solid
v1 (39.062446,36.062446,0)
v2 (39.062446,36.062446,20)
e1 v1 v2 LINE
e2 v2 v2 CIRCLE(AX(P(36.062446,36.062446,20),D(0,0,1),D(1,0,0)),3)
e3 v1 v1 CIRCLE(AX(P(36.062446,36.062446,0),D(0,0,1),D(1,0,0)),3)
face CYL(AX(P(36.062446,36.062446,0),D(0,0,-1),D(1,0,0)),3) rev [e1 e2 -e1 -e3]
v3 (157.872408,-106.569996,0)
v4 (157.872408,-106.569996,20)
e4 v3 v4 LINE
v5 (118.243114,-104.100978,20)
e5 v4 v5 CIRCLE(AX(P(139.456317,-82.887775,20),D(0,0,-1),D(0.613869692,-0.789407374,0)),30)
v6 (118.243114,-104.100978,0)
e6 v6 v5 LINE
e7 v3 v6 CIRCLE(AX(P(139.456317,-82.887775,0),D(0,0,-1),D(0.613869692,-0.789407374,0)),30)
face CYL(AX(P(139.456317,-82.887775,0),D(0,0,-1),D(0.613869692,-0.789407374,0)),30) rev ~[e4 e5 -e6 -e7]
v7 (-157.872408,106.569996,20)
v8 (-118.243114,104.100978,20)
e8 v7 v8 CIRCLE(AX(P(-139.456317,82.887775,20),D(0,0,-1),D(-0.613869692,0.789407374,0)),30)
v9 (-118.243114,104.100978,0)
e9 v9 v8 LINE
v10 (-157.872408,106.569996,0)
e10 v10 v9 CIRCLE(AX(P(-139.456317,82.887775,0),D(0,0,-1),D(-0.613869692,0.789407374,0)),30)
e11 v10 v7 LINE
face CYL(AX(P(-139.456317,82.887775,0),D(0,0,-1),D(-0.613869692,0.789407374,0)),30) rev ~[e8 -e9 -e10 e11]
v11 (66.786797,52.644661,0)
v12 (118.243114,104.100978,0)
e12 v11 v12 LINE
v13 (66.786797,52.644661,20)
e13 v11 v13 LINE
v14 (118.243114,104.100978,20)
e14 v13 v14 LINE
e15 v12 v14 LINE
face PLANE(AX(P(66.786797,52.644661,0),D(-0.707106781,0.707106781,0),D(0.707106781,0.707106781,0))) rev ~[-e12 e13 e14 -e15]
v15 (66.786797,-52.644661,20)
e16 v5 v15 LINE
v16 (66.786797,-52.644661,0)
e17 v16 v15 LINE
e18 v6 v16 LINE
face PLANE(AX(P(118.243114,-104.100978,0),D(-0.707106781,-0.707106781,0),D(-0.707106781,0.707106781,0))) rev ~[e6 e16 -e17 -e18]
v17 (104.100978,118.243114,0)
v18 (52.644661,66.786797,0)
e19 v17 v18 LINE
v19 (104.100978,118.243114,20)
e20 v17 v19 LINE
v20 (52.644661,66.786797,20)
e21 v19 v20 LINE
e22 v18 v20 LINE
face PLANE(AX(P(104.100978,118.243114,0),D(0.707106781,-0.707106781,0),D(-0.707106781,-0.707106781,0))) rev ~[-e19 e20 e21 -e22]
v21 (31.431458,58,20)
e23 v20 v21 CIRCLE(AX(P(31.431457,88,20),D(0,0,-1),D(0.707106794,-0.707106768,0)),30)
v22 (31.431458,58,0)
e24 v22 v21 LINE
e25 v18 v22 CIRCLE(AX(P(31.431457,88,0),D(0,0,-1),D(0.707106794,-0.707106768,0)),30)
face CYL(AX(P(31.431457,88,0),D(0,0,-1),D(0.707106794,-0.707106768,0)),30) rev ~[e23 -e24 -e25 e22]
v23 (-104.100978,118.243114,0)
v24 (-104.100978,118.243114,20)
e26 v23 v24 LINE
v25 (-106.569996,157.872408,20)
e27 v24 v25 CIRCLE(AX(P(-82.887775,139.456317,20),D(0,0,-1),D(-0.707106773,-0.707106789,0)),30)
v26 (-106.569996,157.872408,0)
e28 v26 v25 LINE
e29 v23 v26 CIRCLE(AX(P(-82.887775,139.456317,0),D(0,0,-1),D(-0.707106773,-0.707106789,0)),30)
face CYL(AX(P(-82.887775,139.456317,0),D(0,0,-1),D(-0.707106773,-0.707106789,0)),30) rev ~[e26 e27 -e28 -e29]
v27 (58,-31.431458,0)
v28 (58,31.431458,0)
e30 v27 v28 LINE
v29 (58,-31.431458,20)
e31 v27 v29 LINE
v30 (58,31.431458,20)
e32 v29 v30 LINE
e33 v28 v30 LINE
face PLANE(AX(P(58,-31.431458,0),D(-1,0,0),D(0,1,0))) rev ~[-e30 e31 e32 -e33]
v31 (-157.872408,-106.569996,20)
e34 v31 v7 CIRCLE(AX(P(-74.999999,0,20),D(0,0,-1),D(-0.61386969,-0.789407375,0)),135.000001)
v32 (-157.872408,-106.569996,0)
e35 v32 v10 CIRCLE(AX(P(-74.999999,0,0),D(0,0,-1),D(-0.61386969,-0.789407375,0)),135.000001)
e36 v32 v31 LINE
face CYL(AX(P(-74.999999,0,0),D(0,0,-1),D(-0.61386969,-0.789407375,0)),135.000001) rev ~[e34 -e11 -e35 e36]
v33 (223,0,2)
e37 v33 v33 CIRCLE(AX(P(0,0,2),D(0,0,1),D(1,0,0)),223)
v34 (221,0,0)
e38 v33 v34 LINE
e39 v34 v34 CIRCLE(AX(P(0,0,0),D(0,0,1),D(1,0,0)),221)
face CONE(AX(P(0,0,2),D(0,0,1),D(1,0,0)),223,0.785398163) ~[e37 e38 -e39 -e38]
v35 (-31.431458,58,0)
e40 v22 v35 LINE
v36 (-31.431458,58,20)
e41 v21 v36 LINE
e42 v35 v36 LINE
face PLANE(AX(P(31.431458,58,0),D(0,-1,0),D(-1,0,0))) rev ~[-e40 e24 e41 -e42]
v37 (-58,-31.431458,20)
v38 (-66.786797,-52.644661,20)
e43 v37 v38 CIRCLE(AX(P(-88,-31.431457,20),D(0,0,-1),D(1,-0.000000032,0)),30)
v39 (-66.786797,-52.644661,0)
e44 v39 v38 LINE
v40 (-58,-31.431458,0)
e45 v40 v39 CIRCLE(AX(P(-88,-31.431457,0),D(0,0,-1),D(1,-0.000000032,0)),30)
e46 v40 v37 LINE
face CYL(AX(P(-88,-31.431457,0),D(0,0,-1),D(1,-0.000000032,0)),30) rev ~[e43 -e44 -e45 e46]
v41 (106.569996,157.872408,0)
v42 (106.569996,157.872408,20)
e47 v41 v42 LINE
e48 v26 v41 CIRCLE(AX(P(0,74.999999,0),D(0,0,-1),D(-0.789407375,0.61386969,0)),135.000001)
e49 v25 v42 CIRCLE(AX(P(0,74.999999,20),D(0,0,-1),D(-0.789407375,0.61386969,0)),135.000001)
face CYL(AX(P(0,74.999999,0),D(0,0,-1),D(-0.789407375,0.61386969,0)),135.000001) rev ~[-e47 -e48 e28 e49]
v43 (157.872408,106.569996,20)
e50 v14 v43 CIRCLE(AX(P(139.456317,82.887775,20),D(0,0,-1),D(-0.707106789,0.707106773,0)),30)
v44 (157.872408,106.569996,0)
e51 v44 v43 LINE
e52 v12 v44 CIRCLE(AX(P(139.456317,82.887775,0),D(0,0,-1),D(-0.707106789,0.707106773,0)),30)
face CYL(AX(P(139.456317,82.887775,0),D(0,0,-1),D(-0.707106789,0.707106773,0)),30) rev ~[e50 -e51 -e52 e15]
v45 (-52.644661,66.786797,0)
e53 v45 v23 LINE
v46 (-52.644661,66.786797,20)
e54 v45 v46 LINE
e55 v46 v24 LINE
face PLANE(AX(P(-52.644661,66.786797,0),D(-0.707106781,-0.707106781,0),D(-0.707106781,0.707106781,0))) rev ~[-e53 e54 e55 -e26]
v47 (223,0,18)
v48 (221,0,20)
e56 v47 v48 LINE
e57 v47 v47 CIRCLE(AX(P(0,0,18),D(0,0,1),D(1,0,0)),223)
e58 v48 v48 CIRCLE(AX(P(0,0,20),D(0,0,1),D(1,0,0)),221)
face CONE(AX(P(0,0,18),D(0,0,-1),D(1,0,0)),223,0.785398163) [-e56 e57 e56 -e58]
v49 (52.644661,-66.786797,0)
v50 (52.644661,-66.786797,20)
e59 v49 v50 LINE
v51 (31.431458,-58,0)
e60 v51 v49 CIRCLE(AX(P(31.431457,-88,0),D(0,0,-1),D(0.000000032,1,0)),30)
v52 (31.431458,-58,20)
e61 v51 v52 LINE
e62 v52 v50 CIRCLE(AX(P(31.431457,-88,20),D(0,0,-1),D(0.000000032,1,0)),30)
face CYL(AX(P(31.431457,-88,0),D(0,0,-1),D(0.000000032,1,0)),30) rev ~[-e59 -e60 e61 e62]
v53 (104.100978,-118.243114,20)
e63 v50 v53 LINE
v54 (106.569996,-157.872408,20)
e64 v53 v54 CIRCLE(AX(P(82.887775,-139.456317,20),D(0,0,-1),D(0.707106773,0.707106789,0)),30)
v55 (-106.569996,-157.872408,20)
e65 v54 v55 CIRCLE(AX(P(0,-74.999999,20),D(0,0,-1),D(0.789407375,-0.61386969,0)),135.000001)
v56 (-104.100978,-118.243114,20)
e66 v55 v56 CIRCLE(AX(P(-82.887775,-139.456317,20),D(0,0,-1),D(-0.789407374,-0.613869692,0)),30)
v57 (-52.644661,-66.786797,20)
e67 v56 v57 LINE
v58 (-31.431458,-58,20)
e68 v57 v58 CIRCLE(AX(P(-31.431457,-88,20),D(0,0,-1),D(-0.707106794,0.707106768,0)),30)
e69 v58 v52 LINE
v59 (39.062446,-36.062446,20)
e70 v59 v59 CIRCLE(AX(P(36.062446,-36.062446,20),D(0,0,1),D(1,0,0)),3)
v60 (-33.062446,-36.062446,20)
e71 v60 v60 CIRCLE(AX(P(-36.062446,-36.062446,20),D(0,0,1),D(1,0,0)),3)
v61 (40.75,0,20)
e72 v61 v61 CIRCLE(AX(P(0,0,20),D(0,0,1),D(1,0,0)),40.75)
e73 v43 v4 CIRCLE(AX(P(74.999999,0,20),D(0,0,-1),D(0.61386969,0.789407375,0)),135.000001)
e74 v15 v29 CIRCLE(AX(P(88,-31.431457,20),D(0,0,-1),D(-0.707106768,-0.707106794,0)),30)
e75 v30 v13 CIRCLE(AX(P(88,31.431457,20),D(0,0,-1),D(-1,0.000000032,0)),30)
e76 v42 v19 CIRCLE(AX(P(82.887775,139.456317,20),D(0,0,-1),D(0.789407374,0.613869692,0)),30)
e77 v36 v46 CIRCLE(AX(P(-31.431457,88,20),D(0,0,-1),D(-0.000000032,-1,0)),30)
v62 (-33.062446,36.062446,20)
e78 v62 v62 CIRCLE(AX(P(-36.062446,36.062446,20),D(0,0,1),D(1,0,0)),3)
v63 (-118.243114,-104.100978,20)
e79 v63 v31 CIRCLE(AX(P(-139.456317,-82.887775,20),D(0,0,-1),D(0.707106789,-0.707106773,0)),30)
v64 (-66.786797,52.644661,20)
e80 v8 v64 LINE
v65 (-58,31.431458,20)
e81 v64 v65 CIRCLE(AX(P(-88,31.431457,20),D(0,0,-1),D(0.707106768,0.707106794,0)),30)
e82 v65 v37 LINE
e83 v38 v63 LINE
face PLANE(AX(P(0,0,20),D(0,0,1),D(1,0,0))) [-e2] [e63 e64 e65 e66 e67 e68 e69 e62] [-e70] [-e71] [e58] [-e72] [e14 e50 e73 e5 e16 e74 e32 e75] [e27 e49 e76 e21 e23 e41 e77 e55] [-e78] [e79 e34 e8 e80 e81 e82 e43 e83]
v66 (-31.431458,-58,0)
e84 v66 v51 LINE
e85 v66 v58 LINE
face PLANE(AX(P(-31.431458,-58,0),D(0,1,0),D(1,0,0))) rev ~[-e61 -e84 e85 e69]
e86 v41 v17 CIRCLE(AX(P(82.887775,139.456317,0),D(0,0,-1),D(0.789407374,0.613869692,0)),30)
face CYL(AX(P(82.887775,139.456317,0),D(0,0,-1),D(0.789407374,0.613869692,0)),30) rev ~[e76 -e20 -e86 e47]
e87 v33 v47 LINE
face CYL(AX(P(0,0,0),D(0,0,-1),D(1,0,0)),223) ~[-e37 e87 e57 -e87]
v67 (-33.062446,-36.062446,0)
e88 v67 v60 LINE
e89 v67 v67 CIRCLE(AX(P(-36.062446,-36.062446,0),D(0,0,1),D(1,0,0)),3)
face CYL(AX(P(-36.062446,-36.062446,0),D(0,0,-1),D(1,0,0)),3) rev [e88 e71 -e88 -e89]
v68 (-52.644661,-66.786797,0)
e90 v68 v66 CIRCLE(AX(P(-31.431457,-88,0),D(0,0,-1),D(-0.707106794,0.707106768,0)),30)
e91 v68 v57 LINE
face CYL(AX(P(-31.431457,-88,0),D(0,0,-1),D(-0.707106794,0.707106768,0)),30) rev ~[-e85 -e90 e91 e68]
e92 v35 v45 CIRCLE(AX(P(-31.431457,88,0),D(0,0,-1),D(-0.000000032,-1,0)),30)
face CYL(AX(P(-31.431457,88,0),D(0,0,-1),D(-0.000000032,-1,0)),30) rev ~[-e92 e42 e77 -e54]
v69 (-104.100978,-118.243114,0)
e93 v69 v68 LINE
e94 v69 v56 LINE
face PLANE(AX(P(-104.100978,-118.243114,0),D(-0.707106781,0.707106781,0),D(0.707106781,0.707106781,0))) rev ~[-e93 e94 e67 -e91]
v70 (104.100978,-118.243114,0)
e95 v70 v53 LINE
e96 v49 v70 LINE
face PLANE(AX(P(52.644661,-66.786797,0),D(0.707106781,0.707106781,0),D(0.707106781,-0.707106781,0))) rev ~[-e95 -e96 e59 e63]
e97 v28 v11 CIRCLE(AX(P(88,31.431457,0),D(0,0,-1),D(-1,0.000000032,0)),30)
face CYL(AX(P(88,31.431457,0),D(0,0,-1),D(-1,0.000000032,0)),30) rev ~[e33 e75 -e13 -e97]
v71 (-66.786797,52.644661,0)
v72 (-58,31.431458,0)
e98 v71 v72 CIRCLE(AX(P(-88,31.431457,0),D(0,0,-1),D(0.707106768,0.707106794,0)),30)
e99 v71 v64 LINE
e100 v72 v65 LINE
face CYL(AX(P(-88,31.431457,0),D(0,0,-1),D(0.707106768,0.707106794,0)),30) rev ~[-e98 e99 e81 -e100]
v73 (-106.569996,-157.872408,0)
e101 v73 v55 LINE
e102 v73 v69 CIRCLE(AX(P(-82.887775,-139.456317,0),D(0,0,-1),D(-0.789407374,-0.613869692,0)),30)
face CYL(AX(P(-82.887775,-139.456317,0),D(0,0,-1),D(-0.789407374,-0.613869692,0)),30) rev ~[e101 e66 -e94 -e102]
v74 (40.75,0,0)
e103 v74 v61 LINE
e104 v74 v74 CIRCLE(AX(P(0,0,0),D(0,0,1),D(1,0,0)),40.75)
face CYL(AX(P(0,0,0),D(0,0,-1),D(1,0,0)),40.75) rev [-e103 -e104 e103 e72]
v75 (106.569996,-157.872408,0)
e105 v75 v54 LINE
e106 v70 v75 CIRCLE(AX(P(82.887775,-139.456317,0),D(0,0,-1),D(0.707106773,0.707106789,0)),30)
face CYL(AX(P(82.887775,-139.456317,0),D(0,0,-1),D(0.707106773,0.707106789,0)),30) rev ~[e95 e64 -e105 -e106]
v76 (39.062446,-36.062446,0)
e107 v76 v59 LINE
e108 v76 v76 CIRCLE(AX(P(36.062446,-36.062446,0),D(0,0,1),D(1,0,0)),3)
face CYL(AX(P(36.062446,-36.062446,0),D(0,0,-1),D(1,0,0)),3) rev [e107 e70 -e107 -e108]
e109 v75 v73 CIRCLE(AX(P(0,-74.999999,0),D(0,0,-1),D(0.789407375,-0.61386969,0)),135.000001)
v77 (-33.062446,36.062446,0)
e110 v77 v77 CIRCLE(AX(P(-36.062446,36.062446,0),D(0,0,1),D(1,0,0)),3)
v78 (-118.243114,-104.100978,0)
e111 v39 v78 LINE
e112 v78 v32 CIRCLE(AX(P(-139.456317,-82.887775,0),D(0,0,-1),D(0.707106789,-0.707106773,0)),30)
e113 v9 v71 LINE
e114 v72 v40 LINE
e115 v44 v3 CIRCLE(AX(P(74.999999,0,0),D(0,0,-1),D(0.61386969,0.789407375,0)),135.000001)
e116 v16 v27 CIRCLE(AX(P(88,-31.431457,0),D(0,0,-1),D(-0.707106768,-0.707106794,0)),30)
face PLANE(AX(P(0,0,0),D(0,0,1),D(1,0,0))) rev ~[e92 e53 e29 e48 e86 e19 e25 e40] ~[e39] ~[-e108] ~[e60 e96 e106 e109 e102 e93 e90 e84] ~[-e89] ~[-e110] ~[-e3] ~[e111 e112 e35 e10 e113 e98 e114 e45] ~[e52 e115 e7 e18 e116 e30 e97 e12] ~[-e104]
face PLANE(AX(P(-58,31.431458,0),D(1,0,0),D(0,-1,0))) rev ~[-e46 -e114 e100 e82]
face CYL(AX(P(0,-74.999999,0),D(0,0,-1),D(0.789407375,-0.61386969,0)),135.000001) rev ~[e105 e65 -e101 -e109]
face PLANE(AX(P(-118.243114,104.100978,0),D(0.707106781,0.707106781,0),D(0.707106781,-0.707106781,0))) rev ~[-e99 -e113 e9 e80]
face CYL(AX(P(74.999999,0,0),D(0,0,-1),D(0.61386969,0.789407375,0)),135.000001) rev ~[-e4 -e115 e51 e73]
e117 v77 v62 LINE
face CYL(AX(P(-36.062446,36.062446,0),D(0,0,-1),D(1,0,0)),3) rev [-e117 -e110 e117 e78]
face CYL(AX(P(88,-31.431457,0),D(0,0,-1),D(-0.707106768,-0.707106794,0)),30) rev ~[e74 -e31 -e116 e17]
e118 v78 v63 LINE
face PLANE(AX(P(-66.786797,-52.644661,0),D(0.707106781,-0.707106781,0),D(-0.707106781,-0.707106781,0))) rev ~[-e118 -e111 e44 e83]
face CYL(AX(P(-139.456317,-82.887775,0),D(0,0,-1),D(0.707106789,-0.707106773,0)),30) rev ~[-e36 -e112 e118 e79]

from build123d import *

# Parameters (mm, degrees)
F0_R     = 223
F0_R_2   = 3
F0_R_3   = 40.75
F1_DEPTH = 20
F2_SIZE  = 2


with BuildPart() as f1:
    # F0 (on Top) → F1 (new body)
    with BuildSketch(Plane.XY):
        Circle(F0_R)
        with BuildLine():
            ThreePointArc((106.569996, -157.872408), (0, -210), (-106.569996, -157.872408))
            ThreePointArc((-106.569996, -157.872408), (-112.829719, -137.590849), (-104.100978, -118.243114))
            Line((-104.100978, -118.243114), (-52.644661, -66.786797))
            ThreePointArc((-52.644661, -66.786797), (-42.91196, -60.283614), (-31.431458, -58))
            Line((-31.431458, -58), (31.431458, -58))
            ThreePointArc((31.431458, -58), (42.91196, -60.283614), (52.644661, -66.786797))
            Line((52.644661, -66.786797), (104.100978, -118.243114))
            ThreePointArc((104.100978, -118.243114), (112.829719, -137.590849), (106.569996, -157.872408))
        make_face(mode=Mode.SUBTRACT)
        with Locations((-36.062446, -36.062446)):
            Circle(F0_R_2, mode=Mode.SUBTRACT)
        with Locations((36.062446, -36.062446)):
            Circle(F0_R_2, mode=Mode.SUBTRACT)
        with BuildLine():
            ThreePointArc((157.872408, 106.569996), (210, 0), (157.872408, -106.569996))
            ThreePointArc((157.872408, -106.569996), (137.590849, -112.829719), (118.243114, -104.100978))
            Line((118.243114, -104.100978), (66.786797, -52.644661))
            ThreePointArc((66.786797, -52.644661), (60.283614, -42.91196), (58, -31.431458))
            Line((58, -31.431458), (58, 31.431458))
            ThreePointArc((58, 31.431458), (60.283614, 42.91196), (66.786797, 52.644661))
            Line((66.786797, 52.644661), (118.243114, 104.100978))
            ThreePointArc((118.243114, 104.100978), (137.590849, 112.829719), (157.872408, 106.569996))
        make_face(mode=Mode.SUBTRACT)
        with BuildLine():
            ThreePointArc((-157.872408, -106.569996), (-210, 0), (-157.872408, 106.569996))
            ThreePointArc((-157.872408, 106.569996), (-137.590849, 112.829719), (-118.243114, 104.100978))
            Line((-118.243114, 104.100978), (-66.786797, 52.644661))
            ThreePointArc((-66.786797, 52.644661), (-60.283614, 42.91196), (-58, 31.431458))
            Line((-58, 31.431458), (-58, -31.431458))
            ThreePointArc((-58, -31.431458), (-60.283614, -42.91196), (-66.786797, -52.644661))
            Line((-66.786797, -52.644661), (-118.243114, -104.100978))
            ThreePointArc((-118.243114, -104.100978), (-137.590849, -112.829719), (-157.872408, -106.569996))
        make_face(mode=Mode.SUBTRACT)
        with Locations((-36.062446, 36.062446)):
            Circle(F0_R_2, mode=Mode.SUBTRACT)
        Circle(F0_R_3, mode=Mode.SUBTRACT)
        with Locations((36.062446, 36.062446)):
            Circle(F0_R_2, mode=Mode.SUBTRACT)
        with BuildLine():
            Line((31.431458, 58), (-31.431458, 58))
            ThreePointArc((-31.431458, 58), (-42.91196, 60.283614), (-52.644661, 66.786797))
            Line((-52.644661, 66.786797), (-104.100978, 118.243114))
            ThreePointArc((-104.100978, 118.243114), (-112.829719, 137.590849), (-106.569996, 157.872408))
            ThreePointArc((-106.569996, 157.872408), (0, 210), (106.569996, 157.872408))
            ThreePointArc((106.569996, 157.872408), (112.829719, 137.590849), (104.100978, 118.243114))
            Line((104.100978, 118.243114), (52.644661, 66.786797))
            ThreePointArc((52.644661, 66.786797), (42.91196, 60.283614), (31.431458, 58))
        make_face(mode=Mode.SUBTRACT)
    extrude(amount=F1_DEPTH)

    # F2
    f2_edges = [f1.edges().sort_by_distance(p)[0] for p in [
        (-223, 0, 0),
        (-223, 0, 20),
    ]]
    chamfer(f2_edges, length=F2_SIZE)


solid = f1.part
